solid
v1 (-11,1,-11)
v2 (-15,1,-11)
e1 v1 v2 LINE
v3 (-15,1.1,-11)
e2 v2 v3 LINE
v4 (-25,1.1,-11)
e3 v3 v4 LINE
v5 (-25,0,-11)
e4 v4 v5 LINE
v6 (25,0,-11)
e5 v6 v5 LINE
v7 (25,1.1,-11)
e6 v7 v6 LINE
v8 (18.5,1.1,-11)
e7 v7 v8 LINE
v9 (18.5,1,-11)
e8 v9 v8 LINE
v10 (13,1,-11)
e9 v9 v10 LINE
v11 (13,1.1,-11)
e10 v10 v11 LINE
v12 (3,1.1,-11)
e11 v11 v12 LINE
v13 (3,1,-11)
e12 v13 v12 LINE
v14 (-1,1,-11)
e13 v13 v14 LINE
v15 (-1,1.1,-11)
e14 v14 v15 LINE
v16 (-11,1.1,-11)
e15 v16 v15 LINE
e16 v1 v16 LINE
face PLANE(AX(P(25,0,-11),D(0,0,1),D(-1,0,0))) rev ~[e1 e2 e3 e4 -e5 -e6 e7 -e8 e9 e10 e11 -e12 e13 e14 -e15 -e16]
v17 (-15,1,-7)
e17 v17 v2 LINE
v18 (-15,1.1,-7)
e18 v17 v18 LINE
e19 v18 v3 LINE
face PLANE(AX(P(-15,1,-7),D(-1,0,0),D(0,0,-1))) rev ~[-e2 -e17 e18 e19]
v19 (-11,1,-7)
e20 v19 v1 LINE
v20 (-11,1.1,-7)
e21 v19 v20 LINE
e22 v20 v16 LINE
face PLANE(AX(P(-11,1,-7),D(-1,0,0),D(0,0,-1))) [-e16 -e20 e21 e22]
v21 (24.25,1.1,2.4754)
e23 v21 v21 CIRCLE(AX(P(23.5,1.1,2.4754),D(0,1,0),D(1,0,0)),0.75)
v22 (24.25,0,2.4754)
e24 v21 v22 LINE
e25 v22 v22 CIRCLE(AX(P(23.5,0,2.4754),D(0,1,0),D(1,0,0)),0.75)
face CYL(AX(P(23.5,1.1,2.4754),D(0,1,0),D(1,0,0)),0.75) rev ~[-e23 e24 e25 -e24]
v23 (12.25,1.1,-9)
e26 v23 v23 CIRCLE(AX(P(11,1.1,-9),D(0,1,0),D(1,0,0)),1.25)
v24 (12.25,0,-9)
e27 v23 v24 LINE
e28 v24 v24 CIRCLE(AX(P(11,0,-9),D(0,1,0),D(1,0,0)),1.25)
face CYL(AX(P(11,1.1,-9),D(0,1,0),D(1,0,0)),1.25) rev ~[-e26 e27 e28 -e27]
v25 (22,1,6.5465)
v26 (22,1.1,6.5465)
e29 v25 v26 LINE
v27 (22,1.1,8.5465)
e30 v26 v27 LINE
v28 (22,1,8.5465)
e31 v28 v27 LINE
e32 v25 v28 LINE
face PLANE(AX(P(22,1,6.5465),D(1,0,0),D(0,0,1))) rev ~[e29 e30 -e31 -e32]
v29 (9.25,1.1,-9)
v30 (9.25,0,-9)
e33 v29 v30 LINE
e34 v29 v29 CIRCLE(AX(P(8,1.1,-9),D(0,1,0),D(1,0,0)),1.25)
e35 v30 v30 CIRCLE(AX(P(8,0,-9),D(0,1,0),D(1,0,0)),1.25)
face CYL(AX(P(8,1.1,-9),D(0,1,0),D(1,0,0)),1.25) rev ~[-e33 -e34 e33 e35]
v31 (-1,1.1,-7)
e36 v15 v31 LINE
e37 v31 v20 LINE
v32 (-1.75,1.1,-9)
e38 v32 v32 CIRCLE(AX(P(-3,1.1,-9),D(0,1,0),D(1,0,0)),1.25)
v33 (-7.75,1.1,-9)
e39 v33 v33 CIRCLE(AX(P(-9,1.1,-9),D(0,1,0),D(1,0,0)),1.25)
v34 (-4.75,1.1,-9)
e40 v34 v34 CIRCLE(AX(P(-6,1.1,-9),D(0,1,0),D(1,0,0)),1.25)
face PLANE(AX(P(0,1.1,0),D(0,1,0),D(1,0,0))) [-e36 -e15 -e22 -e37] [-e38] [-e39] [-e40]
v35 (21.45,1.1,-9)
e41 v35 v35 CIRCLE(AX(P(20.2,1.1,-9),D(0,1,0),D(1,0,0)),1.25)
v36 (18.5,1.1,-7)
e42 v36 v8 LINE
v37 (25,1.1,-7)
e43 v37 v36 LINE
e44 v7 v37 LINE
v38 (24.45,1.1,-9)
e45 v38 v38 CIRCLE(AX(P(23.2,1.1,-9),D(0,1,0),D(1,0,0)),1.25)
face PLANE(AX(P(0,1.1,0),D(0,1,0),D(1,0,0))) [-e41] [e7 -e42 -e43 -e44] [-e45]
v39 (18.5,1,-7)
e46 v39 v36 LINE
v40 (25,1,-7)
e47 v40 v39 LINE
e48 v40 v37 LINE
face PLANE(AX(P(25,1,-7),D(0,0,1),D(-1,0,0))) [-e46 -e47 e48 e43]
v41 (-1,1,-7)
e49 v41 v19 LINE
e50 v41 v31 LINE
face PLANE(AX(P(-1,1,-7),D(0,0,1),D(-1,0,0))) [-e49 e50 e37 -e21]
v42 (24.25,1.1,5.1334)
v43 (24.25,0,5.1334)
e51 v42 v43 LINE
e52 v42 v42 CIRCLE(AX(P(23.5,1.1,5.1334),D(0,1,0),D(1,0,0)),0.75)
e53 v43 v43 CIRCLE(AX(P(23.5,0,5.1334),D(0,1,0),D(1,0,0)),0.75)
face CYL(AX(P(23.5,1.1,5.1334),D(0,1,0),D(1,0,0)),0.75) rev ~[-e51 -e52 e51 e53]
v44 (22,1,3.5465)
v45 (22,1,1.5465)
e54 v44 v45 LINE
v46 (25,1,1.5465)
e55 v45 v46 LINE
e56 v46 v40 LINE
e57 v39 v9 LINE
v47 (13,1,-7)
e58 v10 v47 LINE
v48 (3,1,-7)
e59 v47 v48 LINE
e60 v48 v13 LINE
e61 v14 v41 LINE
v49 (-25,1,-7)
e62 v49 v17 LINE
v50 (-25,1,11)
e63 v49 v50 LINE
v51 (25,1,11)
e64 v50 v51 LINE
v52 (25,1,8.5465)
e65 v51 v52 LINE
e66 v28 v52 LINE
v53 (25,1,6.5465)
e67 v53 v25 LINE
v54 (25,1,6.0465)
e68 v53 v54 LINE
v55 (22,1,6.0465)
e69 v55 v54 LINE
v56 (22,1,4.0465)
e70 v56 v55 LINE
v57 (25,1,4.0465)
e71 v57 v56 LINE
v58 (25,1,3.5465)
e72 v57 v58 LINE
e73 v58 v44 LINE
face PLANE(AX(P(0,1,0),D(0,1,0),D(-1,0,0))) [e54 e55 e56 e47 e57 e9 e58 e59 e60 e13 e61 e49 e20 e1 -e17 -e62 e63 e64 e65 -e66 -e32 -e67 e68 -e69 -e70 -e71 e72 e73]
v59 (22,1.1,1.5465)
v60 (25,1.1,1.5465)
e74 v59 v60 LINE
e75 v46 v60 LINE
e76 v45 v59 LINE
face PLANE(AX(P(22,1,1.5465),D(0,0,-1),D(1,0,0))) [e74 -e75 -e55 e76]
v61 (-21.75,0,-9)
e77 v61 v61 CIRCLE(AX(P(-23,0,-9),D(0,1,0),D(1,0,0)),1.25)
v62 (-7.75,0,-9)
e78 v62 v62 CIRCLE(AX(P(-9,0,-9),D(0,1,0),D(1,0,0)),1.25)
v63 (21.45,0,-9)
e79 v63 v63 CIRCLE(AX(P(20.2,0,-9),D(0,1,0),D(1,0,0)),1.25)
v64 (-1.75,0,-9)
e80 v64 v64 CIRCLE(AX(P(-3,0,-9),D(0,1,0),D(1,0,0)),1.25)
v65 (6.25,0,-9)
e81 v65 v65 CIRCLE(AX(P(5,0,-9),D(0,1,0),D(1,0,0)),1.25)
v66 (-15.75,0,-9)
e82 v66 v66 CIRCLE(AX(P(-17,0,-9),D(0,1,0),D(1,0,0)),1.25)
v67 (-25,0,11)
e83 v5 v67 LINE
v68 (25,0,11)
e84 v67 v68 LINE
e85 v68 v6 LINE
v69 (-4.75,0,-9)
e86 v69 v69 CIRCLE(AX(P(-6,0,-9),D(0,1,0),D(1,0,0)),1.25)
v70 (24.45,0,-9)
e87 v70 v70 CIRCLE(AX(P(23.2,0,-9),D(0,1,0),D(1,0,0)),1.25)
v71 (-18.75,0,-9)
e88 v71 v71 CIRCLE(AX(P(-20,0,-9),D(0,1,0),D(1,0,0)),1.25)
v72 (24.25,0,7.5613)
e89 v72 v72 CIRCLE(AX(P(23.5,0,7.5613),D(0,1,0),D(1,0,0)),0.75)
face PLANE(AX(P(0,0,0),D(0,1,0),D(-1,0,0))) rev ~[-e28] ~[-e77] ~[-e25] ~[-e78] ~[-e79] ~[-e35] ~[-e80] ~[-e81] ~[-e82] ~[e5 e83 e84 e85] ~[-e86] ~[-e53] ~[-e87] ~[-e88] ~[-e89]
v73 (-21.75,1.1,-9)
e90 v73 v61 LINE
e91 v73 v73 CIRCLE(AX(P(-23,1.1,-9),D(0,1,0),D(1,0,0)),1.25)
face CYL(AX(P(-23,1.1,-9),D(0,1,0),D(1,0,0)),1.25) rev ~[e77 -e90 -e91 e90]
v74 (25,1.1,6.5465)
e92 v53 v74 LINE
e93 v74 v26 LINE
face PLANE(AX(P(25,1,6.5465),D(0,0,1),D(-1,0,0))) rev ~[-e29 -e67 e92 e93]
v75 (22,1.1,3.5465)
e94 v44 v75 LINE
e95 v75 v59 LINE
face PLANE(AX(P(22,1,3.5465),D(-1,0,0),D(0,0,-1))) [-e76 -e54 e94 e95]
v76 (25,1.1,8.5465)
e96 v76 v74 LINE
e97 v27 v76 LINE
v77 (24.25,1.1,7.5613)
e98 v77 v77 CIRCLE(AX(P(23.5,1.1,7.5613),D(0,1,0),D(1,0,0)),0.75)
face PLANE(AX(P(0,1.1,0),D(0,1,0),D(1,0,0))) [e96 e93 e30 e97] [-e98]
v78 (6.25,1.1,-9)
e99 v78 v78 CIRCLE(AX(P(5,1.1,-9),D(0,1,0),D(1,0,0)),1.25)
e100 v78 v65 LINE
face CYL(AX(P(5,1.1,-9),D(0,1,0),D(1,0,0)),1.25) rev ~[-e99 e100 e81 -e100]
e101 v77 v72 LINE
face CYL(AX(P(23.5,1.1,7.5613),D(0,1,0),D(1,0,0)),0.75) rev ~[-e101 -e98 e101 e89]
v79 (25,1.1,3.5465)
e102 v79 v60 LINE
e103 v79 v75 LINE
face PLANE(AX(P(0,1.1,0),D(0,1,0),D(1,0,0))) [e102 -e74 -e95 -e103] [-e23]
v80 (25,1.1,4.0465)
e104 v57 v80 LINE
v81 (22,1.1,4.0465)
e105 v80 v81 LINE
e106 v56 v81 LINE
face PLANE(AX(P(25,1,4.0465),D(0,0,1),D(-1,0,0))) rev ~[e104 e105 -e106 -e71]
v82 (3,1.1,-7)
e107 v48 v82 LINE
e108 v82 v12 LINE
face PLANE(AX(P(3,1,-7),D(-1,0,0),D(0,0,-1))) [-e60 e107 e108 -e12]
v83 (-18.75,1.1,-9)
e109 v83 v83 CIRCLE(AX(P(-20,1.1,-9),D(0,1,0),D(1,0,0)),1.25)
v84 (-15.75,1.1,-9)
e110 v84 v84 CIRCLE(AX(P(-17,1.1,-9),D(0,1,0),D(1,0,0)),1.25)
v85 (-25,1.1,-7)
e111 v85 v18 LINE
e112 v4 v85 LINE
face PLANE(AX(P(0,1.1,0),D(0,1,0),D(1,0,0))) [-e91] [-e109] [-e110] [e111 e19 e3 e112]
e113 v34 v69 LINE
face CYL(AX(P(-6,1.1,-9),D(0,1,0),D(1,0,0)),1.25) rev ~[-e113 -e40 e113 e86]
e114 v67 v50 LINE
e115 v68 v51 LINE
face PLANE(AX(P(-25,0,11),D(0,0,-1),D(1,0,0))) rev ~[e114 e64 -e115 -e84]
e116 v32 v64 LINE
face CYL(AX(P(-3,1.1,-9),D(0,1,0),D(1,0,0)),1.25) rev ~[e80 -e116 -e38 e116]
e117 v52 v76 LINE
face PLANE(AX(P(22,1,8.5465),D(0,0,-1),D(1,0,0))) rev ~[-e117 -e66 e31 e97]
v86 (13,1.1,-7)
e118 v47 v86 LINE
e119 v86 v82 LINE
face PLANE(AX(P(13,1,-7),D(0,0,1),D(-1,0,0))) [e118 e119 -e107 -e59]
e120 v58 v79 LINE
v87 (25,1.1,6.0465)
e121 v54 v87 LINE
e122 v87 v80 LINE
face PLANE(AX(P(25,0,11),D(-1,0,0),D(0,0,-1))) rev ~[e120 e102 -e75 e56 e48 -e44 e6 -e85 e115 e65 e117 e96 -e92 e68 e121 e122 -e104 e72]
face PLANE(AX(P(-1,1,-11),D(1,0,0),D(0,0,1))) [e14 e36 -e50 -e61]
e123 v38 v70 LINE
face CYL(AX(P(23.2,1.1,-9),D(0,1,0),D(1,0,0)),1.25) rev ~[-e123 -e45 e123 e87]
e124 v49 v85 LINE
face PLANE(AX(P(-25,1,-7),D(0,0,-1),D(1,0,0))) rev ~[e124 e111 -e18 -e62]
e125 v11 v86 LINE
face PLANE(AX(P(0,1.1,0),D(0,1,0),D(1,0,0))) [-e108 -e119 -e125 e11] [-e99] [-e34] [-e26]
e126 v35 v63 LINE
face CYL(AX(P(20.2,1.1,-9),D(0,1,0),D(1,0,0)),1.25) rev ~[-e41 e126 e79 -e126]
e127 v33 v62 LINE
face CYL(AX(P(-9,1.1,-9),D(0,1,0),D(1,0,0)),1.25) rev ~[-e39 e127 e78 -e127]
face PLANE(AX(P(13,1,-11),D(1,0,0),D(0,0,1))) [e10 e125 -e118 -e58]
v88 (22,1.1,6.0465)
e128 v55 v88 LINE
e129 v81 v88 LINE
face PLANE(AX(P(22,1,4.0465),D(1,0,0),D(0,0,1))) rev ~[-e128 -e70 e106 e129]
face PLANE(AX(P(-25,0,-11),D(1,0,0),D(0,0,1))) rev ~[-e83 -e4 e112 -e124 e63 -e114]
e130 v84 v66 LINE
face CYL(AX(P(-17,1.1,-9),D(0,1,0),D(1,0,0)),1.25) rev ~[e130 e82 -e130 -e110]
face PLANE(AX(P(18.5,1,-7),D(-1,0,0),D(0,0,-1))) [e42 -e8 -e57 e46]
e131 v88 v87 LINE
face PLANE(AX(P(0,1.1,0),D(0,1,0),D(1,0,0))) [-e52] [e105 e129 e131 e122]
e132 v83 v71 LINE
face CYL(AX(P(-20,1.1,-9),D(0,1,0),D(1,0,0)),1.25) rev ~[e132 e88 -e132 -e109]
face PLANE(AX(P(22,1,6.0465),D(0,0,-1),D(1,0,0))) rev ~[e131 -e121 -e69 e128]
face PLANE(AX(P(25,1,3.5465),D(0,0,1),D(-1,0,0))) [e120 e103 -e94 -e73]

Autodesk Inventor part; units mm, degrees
ref_plane "YZ Plane" through (0, 0, 0) normal (1, 0, 0) x (0, 1, 0)
ref_plane "XZ Plane" through (0, 0, 0) normal (0, 1, 0) x (-1, 0, 0)
ref_plane "XY Plane" through (0, 0, 0) normal (0, 0, 1) x (1, 0, 0)
sketch "Boceto1" plane through (0, 0, 0) normal (0, 1, 0) x (-1, 0, 0)
  line L0 (25, 11) -> (-25, 11)
  line L1 (-25, 11) -> (-25, -11)
  line L2 (-25, -11) -> (25, -11)
  line L3 (25, -11) -> (25, 11)
  point P0 (0, 0)
  dimension "largo" = 50
  dimension "ancho" = 22
  dimension "d2" = 11
  dimension "d3" = 25
extrude "Extrusión1" add sketch "Boceto1" along normal blind 1
sketch "Boceto2" plane through (0, 1, 0) normal (0, 1, 0) x (1, 0, 0)
  line L0 (-25, 11) -> (-25, -11) projected
  line L1 (-25, 7) -> (-15, 7)
  line L2 (-15, 7) -> (-15, 11)
  line L3 (-15, 11) -> (-25, 11)
  line L4 (-25, 11) -> (-25, 7)
  line L5 (-11, 11) -> (-1, 11)
  line L6 (-1, 11) -> (-1, 7)
  line L7 (-1, 7) -> (-11, 7)
  line L8 (-11, 7) -> (-11, 11)
  line L9 (25, 11) -> (-25, 11) projected
  line L10 (3, 11) -> (13, 11)
  line L11 (13, 11) -> (13, 7)
  line L12 (13, 7) -> (3, 7)
  line L13 (3, 7) -> (3, 11)
  line L14 (18.5, 11) -> (25, 11)
  line L15 (25, 11) -> (25, 7)
  line L16 (25, 7) -> (18.5, 7)
  line L17 (18.5, 7) -> (18.5, 11)
  line L18 (25, -11) -> (25, 11) projected
  line L19 (25, -3.5465) -> (22, -3.5465)
  line L20 (22, -3.5465) -> (22, -1.5465)
  line L21 (22, -1.5465) -> (25, -1.5465)
  line L22 (25, -1.5465) -> (25, -3.5465)
  line L23 (25, -4.0465) -> (22, -4.0465)
  line L24 (22, -4.0465) -> (22, -6.0465)
  line L25 (22, -6.0465) -> (25, -6.0465)
  line L26 (25, -6.0465) -> (25, -4.0465)
  line L27 (25, -6.5465) -> (22, -6.5465)
  line L28 (22, -6.5465) -> (22, -8.5465)
  line L29 (22, -8.5465) -> (25, -8.5465)
  line L30 (25, -8.5465) -> (25, -6.5465)
  point P0 (0, 0)
  point P1 (25, -1.5465)
  point P2 (25, 11)
  point P3 (13, 11)
  dimension "d6" = 10
  dimension "d7" = 4
  dimension "d8" = 10
  dimension "d9" = 4
  dimension "d10" = 10
  dimension "d11" = 4
  dimension "d12" = 6.5
  dimension "d13" = 4
  dimension "d14" = 3
  dimension "d15" = 2
  dimension "d22" = 0
  dimension "d23" = 0
  dimension "d24" = 14
  dimension "d25" = 14
  dimension "d27" = 0
  dimension "d28" = 2
  dimension "d29" = 3
  dimension "d30" = 2
  dimension "d31" = 0.5
  dimension "d32" = 0.5
extrude "Extrusión2" add sketch "Boceto2" along normal blind 0.1
sketch "Boceto3" plane through (0, 1.1, 0) normal (0, 1, 0) x (1, 0, 0)
  circle A0 centre (-23, 9) radius 1.25
  circle A1 centre (-20, 9) radius 1.25
  circle A2 centre (-17, 9) radius 1.25
  line L0 (-15, 11) -> (-25, 11) projected
  line L1 (-25, 11) -> (-25, 7) projected
  line L2 (-25, 7) -> (-15, 7) projected
  circle A3 centre (-9, 9) radius 1.25
  circle A4 centre (-6, 9) radius 1.25
  circle A5 centre (-3, 9) radius 1.25
  line L3 (-11, 11) -> (-11, 7) projected
  circle A6 centre (5, 9) radius 1.25
  circle A7 centre (8, 9) radius 1.25
  circle A8 centre (11, 9) radius 1.25
  circle A9 centre (20.2, 9) radius 1.25
  circle A10 centre (23.2, 9) radius 1.25
  line L4 (18.5, 11) -> (18.5, 7) projected
  line L5 (3, 11) -> (3, 7) projected
  circle A11 centre (23.5, -7.5613) radius 0.75
  circle A12 centre (23.5, -5.1334) radius 0.75
  circle A13 centre (23.5, -2.4754) radius 0.75
  line L6 (22, -6.5465) -> (22, -8.5465) projected
  point P0 (0, 0)
  dimension "d33" = 2.5
  dimension "d34" = 2.5
  dimension "d35" = 2.5
  dimension "d36" = 2
  dimension "d37" = 2
  dimension "d38" = 3
  dimension "d39" = 2
  dimension "d40" = 3
  dimension "d41" = 2
  dimension "d42" = 2.5
  dimension "d43" = 2.5
  dimension "d44" = 2.5
  dimension "d45" = 3
  dimension "d46" = 3
  dimension "d47" = 2
  dimension "d48" = 2.5
  dimension "d49" = 2.5
  dimension "d50" = 2.5
  dimension "d51" = 3
  dimension "d52" = 3
  dimension "d53" = 2.5
  dimension "d54" = 2.5
  dimension "d56" = 3
  dimension "d58" = 1.7
  dimension "d59" = 2
  dimension "d60" = 1.5
  dimension "d61" = 1.5
  dimension "d62" = 1.5
  dimension "d63" = 1.5
extrude "Extrusión3" cut sketch "Boceto3" against normal blind 5.1
sketch "Boceto4" plane through (0, 1.1, 0) normal (0, 1, 0) x (1, 0, 0)
  circle A0 centre (-20, 9) radius 1.25 projected
sketch "Boceto5" plane through (0, 1.1, 0) normal (0, 1, 0) x (1, 0, 0)
  circle A0 centre (-6, 9) radius 1.25 projected
sketch "Boceto6" plane through (0, 1.1, 0) normal (0, 1, 0) x (1, 0, 0)
  circle A0 centre (8, 9) radius 1.25 projected
sketch "Boceto7" plane through (0, 1.1, 0) normal (0, 1, 0) x (1, 0, 0)
  circle A0 centre (20.2, 9) radius 1.25 projected
sketch "Boceto8" plane through (0, 1.1, 0) normal (0, 1, 0) x (1, 0, 0)
  circle A0 centre (23.5, -2.4754) radius 0.75 projected
sketch "Boceto9" plane through (0, 1.1, 0) normal (0, 1, 0) x (1, 0, 0)
  circle A0 centre (23.5, -5.1334) radius 0.75 projected
sketch "Boceto10" plane through (0, 1.1, 0) normal (0, 1, 0) x (1, 0, 0)
  circle A0 centre (23.5, -7.5613) radius 0.75 projected
equation "\"d2\" = 0.5 * ancho"
equation "\"d3\" = 0.5 * largo"
properties part number "CARGADOR BATERIA LIPO LITIO 4 CELDAS 5A 18650"
